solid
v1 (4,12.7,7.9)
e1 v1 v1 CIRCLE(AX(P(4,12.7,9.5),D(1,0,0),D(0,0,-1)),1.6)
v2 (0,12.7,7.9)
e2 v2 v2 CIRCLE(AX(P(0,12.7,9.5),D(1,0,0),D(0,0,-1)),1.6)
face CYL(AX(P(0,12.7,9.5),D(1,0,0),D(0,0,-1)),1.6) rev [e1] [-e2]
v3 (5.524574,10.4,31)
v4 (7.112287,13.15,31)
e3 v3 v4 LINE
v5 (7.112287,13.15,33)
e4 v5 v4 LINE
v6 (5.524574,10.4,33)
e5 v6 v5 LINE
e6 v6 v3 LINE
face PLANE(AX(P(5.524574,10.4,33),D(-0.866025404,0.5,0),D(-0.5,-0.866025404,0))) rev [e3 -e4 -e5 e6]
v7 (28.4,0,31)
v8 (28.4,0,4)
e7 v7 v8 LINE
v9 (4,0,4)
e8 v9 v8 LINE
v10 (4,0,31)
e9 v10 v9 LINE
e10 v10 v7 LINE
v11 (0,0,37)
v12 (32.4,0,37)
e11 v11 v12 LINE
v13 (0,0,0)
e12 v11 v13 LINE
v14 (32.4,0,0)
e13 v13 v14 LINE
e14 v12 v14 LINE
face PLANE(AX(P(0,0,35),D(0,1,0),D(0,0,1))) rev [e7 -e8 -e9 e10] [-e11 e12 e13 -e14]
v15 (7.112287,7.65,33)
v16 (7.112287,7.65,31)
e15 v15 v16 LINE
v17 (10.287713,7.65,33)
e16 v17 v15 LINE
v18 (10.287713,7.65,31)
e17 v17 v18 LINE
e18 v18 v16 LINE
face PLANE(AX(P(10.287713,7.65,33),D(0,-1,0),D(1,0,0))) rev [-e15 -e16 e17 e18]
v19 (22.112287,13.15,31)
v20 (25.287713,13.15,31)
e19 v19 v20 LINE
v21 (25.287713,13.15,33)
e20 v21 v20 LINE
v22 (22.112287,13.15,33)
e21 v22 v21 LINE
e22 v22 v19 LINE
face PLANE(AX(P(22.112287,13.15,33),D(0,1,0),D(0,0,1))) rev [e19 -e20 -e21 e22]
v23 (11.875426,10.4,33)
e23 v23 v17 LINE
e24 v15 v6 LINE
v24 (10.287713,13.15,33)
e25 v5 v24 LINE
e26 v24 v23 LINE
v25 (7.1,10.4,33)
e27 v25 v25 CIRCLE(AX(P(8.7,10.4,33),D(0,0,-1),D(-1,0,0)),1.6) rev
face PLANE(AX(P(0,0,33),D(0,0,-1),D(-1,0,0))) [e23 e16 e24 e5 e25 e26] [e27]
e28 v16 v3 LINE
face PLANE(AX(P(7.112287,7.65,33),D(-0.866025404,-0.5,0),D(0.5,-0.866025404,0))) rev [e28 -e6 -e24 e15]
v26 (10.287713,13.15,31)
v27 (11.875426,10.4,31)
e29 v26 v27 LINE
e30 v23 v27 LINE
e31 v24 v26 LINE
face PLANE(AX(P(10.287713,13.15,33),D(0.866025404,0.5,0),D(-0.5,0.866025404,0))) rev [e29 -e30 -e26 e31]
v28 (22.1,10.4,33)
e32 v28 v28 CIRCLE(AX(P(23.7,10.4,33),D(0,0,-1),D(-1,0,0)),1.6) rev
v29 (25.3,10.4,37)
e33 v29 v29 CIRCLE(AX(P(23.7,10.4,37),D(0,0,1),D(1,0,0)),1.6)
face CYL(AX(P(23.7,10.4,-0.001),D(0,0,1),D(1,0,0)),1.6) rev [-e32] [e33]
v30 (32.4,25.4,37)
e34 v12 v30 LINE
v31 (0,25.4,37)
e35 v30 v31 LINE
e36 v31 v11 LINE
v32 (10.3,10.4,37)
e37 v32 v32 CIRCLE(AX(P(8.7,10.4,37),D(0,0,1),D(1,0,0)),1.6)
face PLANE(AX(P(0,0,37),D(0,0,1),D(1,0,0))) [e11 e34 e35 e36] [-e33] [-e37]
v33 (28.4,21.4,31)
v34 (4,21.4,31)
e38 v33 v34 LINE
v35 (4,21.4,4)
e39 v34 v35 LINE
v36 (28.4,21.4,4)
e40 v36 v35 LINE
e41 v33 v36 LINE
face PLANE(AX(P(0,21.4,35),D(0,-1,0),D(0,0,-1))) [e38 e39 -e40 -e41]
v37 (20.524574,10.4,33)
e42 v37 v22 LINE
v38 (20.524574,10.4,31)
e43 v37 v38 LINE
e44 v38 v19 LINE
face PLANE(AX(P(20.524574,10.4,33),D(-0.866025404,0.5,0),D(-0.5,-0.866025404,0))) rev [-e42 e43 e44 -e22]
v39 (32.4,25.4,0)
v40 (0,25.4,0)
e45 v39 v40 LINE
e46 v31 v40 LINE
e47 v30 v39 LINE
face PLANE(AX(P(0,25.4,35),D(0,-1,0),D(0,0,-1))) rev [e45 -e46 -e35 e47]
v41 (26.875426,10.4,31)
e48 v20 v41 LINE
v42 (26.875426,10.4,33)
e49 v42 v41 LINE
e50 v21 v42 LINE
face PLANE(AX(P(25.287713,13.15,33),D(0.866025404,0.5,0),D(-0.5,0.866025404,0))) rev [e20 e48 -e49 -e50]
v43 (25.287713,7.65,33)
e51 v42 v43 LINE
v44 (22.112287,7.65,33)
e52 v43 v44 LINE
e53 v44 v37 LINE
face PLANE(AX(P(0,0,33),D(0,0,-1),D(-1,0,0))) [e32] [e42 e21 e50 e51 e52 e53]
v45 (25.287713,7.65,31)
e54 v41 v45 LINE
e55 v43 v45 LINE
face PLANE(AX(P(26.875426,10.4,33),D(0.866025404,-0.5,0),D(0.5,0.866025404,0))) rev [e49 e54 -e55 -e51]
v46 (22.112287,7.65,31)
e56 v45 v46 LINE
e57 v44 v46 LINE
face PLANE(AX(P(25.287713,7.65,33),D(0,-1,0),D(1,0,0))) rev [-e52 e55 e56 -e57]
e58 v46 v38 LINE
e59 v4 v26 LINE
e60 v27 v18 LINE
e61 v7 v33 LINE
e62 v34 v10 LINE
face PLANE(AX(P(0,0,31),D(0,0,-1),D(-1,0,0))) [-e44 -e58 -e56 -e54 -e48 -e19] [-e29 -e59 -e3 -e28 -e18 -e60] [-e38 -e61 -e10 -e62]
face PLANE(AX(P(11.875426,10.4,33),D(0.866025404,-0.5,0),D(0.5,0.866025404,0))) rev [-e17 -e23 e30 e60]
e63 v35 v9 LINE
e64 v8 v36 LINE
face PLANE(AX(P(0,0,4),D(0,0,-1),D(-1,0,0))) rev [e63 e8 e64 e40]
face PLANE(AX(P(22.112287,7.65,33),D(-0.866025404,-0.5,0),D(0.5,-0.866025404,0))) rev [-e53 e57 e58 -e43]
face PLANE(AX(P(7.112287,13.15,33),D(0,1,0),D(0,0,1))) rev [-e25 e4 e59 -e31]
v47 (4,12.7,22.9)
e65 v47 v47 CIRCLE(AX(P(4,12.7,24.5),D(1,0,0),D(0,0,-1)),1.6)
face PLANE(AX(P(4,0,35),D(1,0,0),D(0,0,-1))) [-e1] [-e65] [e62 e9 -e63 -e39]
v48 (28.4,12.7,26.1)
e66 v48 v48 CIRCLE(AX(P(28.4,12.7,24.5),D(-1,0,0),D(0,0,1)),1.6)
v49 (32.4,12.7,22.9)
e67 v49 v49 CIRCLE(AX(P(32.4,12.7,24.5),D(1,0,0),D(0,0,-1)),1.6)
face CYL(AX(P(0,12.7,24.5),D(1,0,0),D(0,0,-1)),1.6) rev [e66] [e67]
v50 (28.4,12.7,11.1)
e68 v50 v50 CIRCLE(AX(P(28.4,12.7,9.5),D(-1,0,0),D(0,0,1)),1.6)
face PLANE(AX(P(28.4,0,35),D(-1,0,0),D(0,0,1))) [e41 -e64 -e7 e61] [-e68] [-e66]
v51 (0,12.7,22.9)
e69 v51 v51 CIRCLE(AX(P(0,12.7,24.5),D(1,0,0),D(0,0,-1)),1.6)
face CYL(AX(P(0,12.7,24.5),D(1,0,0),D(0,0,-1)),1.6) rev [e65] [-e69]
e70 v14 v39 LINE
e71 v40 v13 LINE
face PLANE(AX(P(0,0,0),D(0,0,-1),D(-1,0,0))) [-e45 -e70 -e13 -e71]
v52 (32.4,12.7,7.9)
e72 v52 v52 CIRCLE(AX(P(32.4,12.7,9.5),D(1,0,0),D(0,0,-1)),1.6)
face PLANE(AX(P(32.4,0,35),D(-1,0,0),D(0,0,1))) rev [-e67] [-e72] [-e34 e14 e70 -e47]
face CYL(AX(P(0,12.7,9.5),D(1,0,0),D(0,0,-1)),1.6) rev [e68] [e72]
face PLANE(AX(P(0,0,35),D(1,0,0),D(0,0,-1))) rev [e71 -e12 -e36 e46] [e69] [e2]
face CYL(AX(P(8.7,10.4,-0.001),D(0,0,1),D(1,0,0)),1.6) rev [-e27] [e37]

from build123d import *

# Parameters (mm, degrees)
SKETCH1_W           = 32.4
SKETCH1_H           = 25.4
BOSS_EXTRUDE1_DEPTH = 35
SHELL1_T            = -4
SKETCH2_R           = 1.6
CUT_EXTRUDE1_DEPTH  = 55.036284106
CUT_EXTRUDE2_REACH  = 56.036
SKETCH3_R           = 1.6
CUT_EXTRUDE3_DEPTH  = 2
BOSS_EXTRUDE2_START = 2
SKETCH7_W           = 32.4
SKETCH7_H           = 25.4
SKETCH7_R           = 1.6
BOSS_EXTRUDE2_DEPTH = 2


with BuildPart() as part:
    # Sketch1 → Boss-Extrude1 (new body)
    with BuildSketch(Plane.XY):
        with Locations((16.2, 12.7)):
            Rectangle(SKETCH1_W, SKETCH1_H)
    extrude(amount=BOSS_EXTRUDE1_DEPTH)

    # Shell1
    shell1_openings = [part.faces().sort_by_distance(p)[0] for p in [
        (16.2, 0, 17.5),
    ]]
    offset(amount=SHELL1_T, openings=shell1_openings, kind=Kind.INTERSECTION)

    # Sketch2 → Cut-Extrude1 (cut, through all)
    with BuildSketch(Plane(origin=(32.4, 0, 0), x_dir=(0, 0, -1), z_dir=(1, 0, 0))):
        with Locations((-24.5, 12.7)):
            Circle(SKETCH2_R)
        with Locations((-9.5, 12.7)):
            Circle(SKETCH2_R)
    extrude(amount=-CUT_EXTRUDE1_DEPTH, mode=Mode.SUBTRACT)

    # Sketch3 → Cut-Extrude2 (cut, up to next)
    with BuildSketch(Plane.XY.offset(35), mode=Mode.PRIVATE) as cut_extrude2_sk1:
        with Locations((8.7, 10.4)):
            Circle(SKETCH3_R)
    cut_extrude2_tool1 = extrude(cut_extrude2_sk1.sketch, amount=-CUT_EXTRUDE2_REACH, mode=Mode.PRIVATE) & part.part
    # Sketch3 → Cut-Extrude2 (cut, up to next)
    with BuildSketch(Plane.XY.offset(35), mode=Mode.PRIVATE) as cut_extrude2_sk2:
        with Locations((23.7, 10.4)):
            Circle(SKETCH3_R)
    cut_extrude2_tool2 = extrude(cut_extrude2_sk2.sketch, amount=-CUT_EXTRUDE2_REACH, mode=Mode.PRIVATE) & part.part
    add(cut_extrude2_tool1.solids().sort_by_distance((8.7, 10.4, 35))[0], mode=Mode.SUBTRACT)
    add(cut_extrude2_tool2.solids().sort_by_distance((23.7, 10.4, 35))[0], mode=Mode.SUBTRACT)

    # Sketch4 → Cut-Extrude3 (cut)
    with BuildSketch(Plane(origin=(0, 0, 31), x_dir=(-1, 0, 0), z_dir=(0, 0, -1))):
        Polygon((-10.28771324, 13.15), (-11.875426481, 10.4), (-10.28771324, 7.65), (-7.11228676, 7.65), (-5.524573519, 10.4), (-7.11228676, 13.15), align=None)
        Polygon((-25.28771324, 13.15), (-26.875426481, 10.4), (-25.28771324, 7.65), (-22.11228676, 7.65), (-20.524573519, 10.4), (-22.11228676, 13.15), align=None)
    extrude(amount=-CUT_EXTRUDE3_DEPTH, mode=Mode.SUBTRACT)

    # Sketch7 → Boss-Extrude2 (add)
    with BuildSketch(Plane.XY.offset(35).offset(BOSS_EXTRUDE2_START)):
        with Locations((16.2, 12.7)):
            Rectangle(SKETCH7_W, SKETCH7_H)
        with Locations((8.7, 10.4)):
            Circle(SKETCH7_R, mode=Mode.SUBTRACT)
        with Locations((23.7, 10.4)):
            Circle(SKETCH7_R, mode=Mode.SUBTRACT)
    extrude(amount=-BOSS_EXTRUDE2_DEPTH)


solid = part.part
